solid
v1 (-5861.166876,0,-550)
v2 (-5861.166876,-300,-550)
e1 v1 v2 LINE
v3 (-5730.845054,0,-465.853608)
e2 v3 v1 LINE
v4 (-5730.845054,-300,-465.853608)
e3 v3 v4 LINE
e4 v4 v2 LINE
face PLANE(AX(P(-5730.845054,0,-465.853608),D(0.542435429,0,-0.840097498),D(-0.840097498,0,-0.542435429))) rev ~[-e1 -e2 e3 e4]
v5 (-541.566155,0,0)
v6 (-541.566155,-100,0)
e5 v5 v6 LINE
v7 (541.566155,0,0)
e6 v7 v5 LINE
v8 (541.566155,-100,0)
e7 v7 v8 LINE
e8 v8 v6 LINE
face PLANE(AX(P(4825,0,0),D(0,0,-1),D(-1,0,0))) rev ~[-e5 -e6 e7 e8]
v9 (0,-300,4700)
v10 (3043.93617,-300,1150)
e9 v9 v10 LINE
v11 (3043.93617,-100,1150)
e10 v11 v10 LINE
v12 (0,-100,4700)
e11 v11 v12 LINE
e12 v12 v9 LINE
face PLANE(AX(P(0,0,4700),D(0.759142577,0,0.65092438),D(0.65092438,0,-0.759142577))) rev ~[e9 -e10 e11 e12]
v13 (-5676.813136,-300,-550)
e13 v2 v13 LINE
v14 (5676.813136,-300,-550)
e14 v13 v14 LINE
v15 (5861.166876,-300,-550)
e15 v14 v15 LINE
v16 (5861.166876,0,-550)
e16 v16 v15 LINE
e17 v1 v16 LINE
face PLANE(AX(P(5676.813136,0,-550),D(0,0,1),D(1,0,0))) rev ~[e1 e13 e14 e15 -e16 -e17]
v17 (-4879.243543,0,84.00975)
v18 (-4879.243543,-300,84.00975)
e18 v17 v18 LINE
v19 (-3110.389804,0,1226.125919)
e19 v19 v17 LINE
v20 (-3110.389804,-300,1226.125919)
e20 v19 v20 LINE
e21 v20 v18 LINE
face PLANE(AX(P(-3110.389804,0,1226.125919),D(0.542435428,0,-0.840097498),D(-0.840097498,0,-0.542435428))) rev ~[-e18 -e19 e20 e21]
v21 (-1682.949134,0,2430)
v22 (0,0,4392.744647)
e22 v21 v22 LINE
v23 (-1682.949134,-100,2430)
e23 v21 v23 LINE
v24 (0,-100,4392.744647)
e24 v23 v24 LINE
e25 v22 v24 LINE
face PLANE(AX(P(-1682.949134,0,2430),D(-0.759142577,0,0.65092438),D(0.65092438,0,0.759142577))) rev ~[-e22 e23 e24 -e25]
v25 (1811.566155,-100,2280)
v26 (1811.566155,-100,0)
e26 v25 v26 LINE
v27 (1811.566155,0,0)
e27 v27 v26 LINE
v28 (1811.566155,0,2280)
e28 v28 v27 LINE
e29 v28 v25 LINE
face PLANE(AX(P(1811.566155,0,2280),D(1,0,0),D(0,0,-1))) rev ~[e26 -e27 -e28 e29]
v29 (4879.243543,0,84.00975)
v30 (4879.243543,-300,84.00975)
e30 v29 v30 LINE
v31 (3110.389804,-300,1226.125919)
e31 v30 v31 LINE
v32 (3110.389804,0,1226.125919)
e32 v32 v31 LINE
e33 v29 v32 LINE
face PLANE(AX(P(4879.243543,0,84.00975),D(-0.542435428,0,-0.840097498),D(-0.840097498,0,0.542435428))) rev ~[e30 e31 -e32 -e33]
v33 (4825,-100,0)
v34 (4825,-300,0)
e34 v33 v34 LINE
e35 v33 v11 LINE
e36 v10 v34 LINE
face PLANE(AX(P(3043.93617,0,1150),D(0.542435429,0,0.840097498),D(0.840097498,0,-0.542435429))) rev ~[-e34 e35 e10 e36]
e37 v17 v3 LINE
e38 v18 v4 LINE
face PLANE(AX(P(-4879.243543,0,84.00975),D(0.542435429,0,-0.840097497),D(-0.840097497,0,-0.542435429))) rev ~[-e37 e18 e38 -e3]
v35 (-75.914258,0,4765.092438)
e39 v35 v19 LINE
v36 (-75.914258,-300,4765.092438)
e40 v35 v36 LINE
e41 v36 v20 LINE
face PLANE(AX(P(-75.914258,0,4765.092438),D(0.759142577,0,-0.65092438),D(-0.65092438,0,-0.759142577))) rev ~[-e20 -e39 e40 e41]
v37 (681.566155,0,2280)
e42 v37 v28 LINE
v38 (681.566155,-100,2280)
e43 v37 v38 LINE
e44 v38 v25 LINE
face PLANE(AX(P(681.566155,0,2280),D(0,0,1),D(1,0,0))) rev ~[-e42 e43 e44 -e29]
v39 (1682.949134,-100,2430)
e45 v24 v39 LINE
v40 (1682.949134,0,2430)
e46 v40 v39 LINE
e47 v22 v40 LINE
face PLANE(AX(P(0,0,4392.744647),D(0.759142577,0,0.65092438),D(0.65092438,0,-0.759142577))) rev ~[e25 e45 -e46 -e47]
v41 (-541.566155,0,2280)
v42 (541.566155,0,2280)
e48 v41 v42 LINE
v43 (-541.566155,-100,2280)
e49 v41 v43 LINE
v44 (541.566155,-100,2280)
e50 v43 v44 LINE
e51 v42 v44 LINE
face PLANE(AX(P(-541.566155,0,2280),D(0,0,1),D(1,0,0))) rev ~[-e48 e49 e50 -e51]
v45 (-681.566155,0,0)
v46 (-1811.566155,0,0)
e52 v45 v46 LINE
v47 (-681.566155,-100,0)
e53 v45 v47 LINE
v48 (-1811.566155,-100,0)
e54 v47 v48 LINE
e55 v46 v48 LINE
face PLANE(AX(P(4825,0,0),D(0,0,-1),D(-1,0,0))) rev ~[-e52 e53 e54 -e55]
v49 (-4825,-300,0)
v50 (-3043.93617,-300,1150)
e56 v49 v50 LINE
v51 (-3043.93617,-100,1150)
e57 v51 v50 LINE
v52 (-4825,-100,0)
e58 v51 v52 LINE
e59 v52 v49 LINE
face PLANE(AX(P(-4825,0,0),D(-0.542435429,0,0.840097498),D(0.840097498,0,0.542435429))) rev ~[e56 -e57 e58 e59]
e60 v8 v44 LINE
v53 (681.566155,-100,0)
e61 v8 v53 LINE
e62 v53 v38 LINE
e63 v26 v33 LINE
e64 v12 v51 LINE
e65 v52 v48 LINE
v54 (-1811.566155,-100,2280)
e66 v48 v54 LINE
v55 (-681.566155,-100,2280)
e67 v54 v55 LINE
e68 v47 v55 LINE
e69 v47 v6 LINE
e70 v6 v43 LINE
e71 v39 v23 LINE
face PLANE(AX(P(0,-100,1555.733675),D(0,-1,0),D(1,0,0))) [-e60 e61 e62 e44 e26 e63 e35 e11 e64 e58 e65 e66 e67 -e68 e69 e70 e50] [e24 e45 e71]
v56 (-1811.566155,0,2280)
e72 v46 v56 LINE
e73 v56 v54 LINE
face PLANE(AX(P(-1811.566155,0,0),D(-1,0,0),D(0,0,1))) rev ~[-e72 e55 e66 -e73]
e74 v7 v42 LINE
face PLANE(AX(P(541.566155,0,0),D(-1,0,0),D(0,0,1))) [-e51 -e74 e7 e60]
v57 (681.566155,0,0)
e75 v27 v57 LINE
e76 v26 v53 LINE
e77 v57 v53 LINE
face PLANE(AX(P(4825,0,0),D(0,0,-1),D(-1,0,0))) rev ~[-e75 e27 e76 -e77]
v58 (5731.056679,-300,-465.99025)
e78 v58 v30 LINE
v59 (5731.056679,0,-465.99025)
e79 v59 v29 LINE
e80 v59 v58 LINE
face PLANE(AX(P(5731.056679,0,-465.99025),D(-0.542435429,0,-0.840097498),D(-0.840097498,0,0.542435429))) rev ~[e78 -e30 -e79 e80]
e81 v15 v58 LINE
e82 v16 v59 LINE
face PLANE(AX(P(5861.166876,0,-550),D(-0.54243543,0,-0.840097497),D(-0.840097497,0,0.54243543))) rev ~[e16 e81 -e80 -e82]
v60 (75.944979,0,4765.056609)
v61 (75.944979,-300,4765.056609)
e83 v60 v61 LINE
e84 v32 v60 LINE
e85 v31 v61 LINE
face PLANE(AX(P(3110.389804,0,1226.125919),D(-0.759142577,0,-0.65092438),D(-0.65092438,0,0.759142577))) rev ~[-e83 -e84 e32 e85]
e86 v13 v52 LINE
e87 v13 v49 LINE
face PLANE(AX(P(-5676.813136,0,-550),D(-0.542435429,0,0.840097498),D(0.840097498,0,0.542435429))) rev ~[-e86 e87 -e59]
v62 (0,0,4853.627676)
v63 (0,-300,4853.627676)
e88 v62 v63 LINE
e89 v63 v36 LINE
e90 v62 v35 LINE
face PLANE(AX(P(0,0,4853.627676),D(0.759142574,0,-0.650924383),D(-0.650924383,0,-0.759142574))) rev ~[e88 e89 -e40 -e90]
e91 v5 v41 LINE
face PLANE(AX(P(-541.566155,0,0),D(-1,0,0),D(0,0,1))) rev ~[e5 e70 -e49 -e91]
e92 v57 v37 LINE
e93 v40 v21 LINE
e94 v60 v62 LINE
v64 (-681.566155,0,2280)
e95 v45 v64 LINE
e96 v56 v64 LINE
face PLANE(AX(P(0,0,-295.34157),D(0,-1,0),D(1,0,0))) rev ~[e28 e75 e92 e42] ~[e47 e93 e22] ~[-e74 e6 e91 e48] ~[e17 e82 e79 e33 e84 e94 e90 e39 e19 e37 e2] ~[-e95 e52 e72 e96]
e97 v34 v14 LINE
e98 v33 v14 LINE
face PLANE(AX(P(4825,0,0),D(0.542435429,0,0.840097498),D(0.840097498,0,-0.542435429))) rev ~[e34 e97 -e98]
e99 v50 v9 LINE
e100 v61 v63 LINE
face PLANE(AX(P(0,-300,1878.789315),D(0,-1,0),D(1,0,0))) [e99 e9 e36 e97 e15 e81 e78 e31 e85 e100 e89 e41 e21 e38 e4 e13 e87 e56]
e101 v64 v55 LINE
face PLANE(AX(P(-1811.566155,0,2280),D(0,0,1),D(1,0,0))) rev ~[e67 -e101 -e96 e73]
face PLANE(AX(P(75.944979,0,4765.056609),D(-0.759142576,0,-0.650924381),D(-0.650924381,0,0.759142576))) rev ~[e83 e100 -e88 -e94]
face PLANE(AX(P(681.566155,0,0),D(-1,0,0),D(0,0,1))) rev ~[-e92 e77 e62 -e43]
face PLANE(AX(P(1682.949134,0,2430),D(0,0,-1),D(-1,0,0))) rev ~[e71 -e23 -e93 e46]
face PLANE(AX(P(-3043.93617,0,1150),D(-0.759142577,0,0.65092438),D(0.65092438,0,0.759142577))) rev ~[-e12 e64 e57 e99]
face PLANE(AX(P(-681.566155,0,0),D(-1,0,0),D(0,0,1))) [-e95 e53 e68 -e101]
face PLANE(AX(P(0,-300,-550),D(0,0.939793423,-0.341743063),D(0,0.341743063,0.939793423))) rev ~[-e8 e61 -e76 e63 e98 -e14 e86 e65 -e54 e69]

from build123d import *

# Parameters (mm, degrees)
F0_W     = 140
F0_H     = 2280
F1_DEPTH = 100
F2_DEPTH = 300
F4_DEPTH = 6500
F6_DEPTH = 300


with BuildPart() as f1:
    # F0 (on Front) → F1 (new body)
    with BuildSketch(Plane.XZ):
        Polygon((-4825, 0), (-4030, 0), (-1811.566155, 0), (-1811.566155, 2280), (-681.566155, 2280), (-541.566155, 2280), (541.566155, 2280), (681.566155, 2280), (1811.566155, 2280), (1811.566155, 0), (4030, 0), (4825, 0), (3043.93617, 1150), (0, 4700), (-3043.93617, 1150), align=None)
        Polygon((1682.949134, 2430), (-1682.949134, 2430), (0, 4392.744647), align=None, mode=Mode.SUBTRACT)
        with Locations((-611.566155, 1140)):
            Rectangle(F0_W, F0_H)
        with Locations((611.566155, 1140)):
            Rectangle(F0_W, F0_H)
    extrude(amount=F1_DEPTH)

    # F0 (on Front) → F2 (join)
    with BuildSketch(Plane.XZ):
        Polygon((-1811.566155, 0), (-4030, 0), (-4825, 0), (-5676.813136, -550), (5676.813136, -550), (4825, 0), (4030, 0), (1811.566155, 0), (681.566155, 0), (541.566155, 0), (-541.566155, 0), (-681.566155, 0), align=None)
    extrude(amount=F2_DEPTH)

    # F3 (on Right) → F4 (cut, symmetric)
    with BuildSketch(Plane.YZ):
        Polygon((-100, 0), (-300, 0), (-300, -550), align=None)
    extrude(amount=F4_DEPTH, both=True, mode=Mode.SUBTRACT)

    # F5 (on Front) → F6 (join)
    with BuildSketch(Plane.XZ):
        Polygon((-3043.93617, 1150), (0, 4700), (3043.93617, 1150), (4825, 0), (5676.813136, -550), (5861.166876, -550), (5731.056679, -465.99025), (4879.243543, 84.00975), (3110.389804, 1226.125919), (75.944979, 4765.056609), (0, 4853.627676), (-75.914258, 4765.092438), (-3110.389804, 1226.125919), (-4879.243543, 84.00975), (-5730.845054, -465.853608), (-5861.166876, -550), (-5676.813136, -550), (-4825, 0), align=None)
    extrude(amount=F6_DEPTH)


solid = f1.part
